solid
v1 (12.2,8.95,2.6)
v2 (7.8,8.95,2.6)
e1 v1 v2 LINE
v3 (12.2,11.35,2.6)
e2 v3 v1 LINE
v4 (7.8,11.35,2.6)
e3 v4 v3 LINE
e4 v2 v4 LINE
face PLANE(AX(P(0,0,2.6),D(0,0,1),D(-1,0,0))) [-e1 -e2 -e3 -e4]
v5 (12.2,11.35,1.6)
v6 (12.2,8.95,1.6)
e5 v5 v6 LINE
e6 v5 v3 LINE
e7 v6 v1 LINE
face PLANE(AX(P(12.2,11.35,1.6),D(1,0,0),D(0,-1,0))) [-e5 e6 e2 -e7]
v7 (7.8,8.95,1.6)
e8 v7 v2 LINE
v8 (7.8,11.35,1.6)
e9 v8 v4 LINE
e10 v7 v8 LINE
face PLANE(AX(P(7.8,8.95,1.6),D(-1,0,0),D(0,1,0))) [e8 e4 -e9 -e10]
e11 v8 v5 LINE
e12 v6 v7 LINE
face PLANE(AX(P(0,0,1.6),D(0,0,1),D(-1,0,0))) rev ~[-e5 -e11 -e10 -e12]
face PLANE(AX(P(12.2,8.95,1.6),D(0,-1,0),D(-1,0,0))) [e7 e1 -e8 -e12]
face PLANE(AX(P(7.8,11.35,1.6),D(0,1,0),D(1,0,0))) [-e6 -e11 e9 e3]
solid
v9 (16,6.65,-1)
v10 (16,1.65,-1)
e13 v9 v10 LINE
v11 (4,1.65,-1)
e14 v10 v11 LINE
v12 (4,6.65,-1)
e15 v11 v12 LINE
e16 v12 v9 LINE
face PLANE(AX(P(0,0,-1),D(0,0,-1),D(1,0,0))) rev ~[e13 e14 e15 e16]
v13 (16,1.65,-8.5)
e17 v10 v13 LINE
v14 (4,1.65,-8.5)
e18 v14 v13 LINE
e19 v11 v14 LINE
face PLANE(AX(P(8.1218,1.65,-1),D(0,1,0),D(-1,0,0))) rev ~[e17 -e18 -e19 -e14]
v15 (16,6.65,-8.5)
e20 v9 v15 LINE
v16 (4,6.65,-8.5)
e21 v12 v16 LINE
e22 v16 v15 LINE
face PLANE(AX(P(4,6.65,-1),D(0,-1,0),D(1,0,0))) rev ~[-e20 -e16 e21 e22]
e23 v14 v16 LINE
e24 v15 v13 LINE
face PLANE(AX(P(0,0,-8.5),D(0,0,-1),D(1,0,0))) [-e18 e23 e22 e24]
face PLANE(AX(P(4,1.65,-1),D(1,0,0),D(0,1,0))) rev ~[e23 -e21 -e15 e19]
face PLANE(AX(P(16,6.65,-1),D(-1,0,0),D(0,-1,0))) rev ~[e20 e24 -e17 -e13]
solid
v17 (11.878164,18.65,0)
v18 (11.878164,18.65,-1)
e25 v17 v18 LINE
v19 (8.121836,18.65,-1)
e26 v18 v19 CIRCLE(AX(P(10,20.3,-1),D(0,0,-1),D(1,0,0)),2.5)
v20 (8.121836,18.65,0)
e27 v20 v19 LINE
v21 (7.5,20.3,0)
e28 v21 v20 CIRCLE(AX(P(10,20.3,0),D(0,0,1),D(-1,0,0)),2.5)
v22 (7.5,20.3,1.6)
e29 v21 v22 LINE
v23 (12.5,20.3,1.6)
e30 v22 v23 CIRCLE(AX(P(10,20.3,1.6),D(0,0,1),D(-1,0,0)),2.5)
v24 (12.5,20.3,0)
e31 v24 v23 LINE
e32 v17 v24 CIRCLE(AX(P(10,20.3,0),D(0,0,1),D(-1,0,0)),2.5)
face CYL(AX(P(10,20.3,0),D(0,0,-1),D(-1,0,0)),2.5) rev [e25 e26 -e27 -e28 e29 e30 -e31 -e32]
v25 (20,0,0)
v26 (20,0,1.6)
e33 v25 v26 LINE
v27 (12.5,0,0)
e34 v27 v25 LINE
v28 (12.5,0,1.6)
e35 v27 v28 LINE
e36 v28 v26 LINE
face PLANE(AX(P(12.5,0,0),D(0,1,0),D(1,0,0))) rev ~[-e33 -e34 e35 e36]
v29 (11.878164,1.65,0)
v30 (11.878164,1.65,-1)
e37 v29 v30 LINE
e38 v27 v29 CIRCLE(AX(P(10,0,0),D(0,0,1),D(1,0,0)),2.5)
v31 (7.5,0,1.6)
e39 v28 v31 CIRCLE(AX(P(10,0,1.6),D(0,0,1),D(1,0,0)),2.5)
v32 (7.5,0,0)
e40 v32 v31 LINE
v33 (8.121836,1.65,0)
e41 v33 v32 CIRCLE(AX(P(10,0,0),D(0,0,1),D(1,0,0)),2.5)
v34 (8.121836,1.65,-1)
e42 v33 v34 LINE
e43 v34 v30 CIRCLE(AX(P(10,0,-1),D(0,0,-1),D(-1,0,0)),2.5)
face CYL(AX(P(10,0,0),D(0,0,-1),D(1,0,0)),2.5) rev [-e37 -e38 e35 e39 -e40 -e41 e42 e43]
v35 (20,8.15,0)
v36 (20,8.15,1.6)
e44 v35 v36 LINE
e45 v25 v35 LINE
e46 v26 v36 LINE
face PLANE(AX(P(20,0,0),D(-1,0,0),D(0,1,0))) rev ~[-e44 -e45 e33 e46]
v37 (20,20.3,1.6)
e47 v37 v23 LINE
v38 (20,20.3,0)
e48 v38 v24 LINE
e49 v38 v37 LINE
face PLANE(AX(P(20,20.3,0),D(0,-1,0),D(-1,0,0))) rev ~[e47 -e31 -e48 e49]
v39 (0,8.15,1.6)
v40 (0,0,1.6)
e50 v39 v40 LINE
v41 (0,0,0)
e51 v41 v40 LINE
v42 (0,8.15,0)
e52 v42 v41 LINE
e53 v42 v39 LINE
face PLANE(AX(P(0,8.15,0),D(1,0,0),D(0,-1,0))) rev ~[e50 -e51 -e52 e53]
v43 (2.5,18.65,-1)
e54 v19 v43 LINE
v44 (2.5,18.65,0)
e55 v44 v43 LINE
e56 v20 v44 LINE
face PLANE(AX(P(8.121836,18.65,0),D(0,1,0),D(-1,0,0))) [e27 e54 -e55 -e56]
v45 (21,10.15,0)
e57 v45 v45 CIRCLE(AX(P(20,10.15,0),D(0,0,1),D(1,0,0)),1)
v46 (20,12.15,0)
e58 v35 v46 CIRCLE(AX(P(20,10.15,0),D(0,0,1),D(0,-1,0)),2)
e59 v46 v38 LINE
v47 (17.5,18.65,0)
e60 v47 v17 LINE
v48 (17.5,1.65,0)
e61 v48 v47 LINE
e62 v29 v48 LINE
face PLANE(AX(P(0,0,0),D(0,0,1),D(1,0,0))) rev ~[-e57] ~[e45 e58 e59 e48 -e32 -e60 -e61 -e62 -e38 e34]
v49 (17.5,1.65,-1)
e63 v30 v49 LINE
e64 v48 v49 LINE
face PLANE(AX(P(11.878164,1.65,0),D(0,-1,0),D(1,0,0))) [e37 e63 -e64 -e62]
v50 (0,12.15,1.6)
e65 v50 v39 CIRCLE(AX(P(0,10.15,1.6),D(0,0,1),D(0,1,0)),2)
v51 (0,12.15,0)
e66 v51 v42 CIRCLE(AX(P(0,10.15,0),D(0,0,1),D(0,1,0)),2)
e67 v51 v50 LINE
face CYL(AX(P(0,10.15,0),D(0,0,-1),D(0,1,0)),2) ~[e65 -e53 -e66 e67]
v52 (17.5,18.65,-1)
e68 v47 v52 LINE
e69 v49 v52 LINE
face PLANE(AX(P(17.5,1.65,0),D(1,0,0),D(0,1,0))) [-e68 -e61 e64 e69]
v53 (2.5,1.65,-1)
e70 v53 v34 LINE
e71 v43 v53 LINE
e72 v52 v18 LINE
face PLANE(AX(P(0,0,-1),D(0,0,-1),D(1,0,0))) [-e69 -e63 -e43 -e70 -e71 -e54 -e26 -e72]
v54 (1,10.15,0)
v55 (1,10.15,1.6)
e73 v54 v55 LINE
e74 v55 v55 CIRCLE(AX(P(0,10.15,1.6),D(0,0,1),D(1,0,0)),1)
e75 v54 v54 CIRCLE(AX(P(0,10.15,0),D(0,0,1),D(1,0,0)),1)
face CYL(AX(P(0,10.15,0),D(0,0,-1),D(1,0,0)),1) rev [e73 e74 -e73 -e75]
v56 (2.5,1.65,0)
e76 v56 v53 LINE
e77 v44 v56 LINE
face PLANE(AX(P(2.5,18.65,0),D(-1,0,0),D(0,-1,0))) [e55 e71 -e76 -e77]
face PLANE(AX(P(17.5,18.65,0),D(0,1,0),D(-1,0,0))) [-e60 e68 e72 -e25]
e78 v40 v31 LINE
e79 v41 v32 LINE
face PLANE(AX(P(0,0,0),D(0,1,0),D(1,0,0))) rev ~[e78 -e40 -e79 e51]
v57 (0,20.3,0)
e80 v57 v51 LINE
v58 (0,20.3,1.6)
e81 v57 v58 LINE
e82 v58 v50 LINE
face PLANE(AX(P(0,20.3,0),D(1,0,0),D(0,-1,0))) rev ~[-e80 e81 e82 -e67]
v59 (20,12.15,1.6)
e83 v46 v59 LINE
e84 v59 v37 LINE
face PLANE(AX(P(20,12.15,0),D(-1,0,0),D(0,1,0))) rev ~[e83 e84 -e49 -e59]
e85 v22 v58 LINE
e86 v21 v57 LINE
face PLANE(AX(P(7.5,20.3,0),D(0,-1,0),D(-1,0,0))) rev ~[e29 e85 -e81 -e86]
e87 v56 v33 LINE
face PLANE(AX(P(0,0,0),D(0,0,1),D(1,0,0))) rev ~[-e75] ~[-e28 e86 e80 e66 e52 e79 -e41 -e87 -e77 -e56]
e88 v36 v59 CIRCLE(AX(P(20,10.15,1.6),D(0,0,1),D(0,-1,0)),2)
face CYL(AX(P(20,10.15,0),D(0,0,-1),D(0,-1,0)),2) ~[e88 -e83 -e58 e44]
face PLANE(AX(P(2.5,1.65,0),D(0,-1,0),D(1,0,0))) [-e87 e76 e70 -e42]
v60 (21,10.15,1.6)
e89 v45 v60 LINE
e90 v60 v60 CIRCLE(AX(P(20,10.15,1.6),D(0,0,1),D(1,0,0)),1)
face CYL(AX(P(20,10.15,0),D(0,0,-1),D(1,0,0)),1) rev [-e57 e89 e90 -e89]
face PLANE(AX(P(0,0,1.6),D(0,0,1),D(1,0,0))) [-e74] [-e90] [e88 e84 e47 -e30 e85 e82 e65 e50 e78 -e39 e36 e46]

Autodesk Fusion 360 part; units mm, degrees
sketch "Esquisse1" plane through (0, 0, 0) normal (0, 0, 1) x (1, 0, 0)
  line L0 (10, 13.25) -> (10, 7.05) construction
  line L1 (-3, 10.15) -> (23, 10.15) construction
  circle A0 centre (20, 10.15) radius 1
  circle A1 centre (0, 10.15) radius 1
  arc A2 (7.5, 20.3) -> (12.5, 20.3) centre (10, 20.3) ccw
  line L2 (20, 20.3) -> (12.5, 20.3)
  line L3 (7.5, 20.3) -> (0, 20.3)
  line L4 (20, 0) -> (20, 8.15)
  line L5 (20, 12.15) -> (20, 20.3)
  arc A3 (20, 8.15) -> (20, 12.15) centre (20, 10.15) ccw
  line L6 (0, 0) -> (7.5, 0)
  line L7 (12.5, 0) -> (20, 0)
  arc A4 (12.5, 0) -> (7.5, 0) centre (10, 0) ccw
  line L8 (0, 20.3) -> (0, 12.15)
  line L9 (0, 8.15) -> (0, 0)
  arc A5 (0, 12.15) -> (0, 8.15) centre (0, 10.15) ccw
  line L10 (0, 0) -> (20, 20.3) construction
  line L11 (0, 20.3) -> (20, 0) construction
  dimension "d1" = 20
  dimension "d2" = 20.3
  dimension "d3" = 5
  dimension "d4" = 5
  dimension "d5" = 4
  dimension "d6" = 4
  dimension "d7" = 2
  dimension "d8" = 2
extrude "Extrusion1" add sketch "Esquisse1" along normal blind 1.6 makes body 1
sketch "Esquisse2" plane through (0, 0, 1.6) normal (0, 0, 1) x (-1, 0, 0)
  circle A0 centre (-20, -10.15) radius 1
  circle A1 centre (0, -10.15) radius 1
  line L0 (-7.5, -20.3) -> (0, -20.3)
  line L1 (0, -20.3) -> (0, -12.15)
  arc A2 (0, -12.15) -> (0, -8.15) centre (0, -10.15) ccw
  line L2 (0, -8.15) -> (0, 0)
  line L3 (0, 0) -> (-7.5, 0)
  arc A3 (-12.5, 0) -> (-7.5, 0) centre (-10, 0) ccw
  line L4 (-12.5, 0) -> (-20, 0)
  line L5 (-20, 0) -> (-20, -8.15)
  arc A4 (-20, -8.15) -> (-20, -12.15) centre (-20, -10.15) ccw
  line L6 (-20, -12.15) -> (-20, -20.3)
  line L7 (-20, -20.3) -> (-12.5, -20.3)
  arc A5 (-7.5, -20.3) -> (-12.5, -20.3) centre (-10, -20.3) ccw
  line L8 (0, 0) -> (-20, -20.3) construction
  line L9 (0, -20.3) -> (-20, 0) construction
  line L10 (-12.2, -8.95) -> (-7.8, -8.95)
  line L11 (-7.8, -8.95) -> (-7.8, -11.35)
  line L12 (-7.8, -11.35) -> (-12.2, -11.35)
  line L13 (-12.2, -11.35) -> (-12.2, -8.95)
  line L14 (-12.2, -8.95) -> (-7.8, -11.35) construction
  line L15 (-7.8, -8.95) -> (-12.2, -11.35) construction
  point P0 (-10, -10.15)
  dimension "d11" = 4.4
  dimension "d12" = 2.4
extrude "Extrusion2" add sketch "Esquisse2" along normal blind 1 separate body contours L10 L11 L12 L13 makes body 2
sketch "Esquisse3" plane through (0, 0, 0) normal (0, 0, -1) x (1, 0, 0)
  circle A0 centre (20, -10.15) radius 1
  circle A1 centre (0, -10.15) radius 1
  line L0 (0, -20.3) -> (7.5, -20.3)
  arc A2 (12.5, -20.3) -> (7.5, -20.3) centre (10, -20.3) ccw
  line L1 (12.5, -20.3) -> (20, -20.3)
  line L2 (20, -20.3) -> (20, -12.15)
  arc A3 (20, -12.15) -> (20, -8.15) centre (20, -10.15) ccw
  line L3 (20, -8.15) -> (20, 0)
  line L4 (20, 0) -> (12.5, 0)
  arc A4 (7.5, 0) -> (12.5, 0) centre (10, 0) ccw
  line L5 (7.5, 0) -> (0, 0)
  line L6 (0, 0) -> (0, -8.15)
  arc A5 (0, -8.15) -> (0, -12.15) centre (0, -10.15) ccw
  line L7 (0, -12.15) -> (0, -20.3)
  line L8 (2.5, -1.65) -> (17.5, -1.65)
  line L9 (17.5, -1.65) -> (17.5, -18.65)
  line L10 (17.5, -18.65) -> (2.5, -18.65)
  line L11 (2.5, -18.65) -> (2.5, -1.65)
  line L12 (0, 0) -> (20, -20.3) construction
  line L13 (0, -20.3) -> (20, 0) construction
  line L14 (2.5, -1.65) -> (17.5, -18.65) construction
  line L15 (2.5, -18.65) -> (17.5, -1.65) construction
  dimension "d15" = 15
  dimension "d16" = 17
extrude "Extrusion3" add sketch "Esquisse3" along normal blind 1 contours A2 A4 L8 L9 L10 L11 bodies 1
sketch "Esquisse4" plane through (0, 0, -1) normal (0, 0, -1) x (1, 0, 0)
  line L0 (2.5, -18.65) -> (8.1218, -18.65)
  arc A0 (11.8782, -18.65) -> (8.1218, -18.65) centre (10, -20.3) ccw
  line L1 (11.8782, -18.65) -> (17.5, -18.65)
  line L2 (17.5, -18.65) -> (17.5, -1.65)
  line L3 (17.5, -1.65) -> (11.8782, -1.65)
  arc A1 (8.1218, -1.65) -> (11.8782, -1.65) centre (10, 0) ccw
  line L4 (8.1218, -1.65) -> (2.5, -1.65)
  line L5 (2.5, -1.65) -> (2.5, -18.65)
  line L6 (4, -6.65) -> (16, -6.65)
  line L7 (16, -6.65) -> (16, -1.65)
  line L8 (16, -1.65) -> (4, -1.65)
  line L9 (4, -1.65) -> (4, -6.65)
  line L10 (10, 6.5949) -> (10, -9.8949) construction
  dimension "d19" = 12
  dimension "d20" = 5
extrude "Extrusion4" add sketch "Esquisse4" along normal blind 7.5 separate body contours L3 A1 L4 L6 L7 L8 L9 | A1 L8 makes body 3
equation "d4 = d3"
